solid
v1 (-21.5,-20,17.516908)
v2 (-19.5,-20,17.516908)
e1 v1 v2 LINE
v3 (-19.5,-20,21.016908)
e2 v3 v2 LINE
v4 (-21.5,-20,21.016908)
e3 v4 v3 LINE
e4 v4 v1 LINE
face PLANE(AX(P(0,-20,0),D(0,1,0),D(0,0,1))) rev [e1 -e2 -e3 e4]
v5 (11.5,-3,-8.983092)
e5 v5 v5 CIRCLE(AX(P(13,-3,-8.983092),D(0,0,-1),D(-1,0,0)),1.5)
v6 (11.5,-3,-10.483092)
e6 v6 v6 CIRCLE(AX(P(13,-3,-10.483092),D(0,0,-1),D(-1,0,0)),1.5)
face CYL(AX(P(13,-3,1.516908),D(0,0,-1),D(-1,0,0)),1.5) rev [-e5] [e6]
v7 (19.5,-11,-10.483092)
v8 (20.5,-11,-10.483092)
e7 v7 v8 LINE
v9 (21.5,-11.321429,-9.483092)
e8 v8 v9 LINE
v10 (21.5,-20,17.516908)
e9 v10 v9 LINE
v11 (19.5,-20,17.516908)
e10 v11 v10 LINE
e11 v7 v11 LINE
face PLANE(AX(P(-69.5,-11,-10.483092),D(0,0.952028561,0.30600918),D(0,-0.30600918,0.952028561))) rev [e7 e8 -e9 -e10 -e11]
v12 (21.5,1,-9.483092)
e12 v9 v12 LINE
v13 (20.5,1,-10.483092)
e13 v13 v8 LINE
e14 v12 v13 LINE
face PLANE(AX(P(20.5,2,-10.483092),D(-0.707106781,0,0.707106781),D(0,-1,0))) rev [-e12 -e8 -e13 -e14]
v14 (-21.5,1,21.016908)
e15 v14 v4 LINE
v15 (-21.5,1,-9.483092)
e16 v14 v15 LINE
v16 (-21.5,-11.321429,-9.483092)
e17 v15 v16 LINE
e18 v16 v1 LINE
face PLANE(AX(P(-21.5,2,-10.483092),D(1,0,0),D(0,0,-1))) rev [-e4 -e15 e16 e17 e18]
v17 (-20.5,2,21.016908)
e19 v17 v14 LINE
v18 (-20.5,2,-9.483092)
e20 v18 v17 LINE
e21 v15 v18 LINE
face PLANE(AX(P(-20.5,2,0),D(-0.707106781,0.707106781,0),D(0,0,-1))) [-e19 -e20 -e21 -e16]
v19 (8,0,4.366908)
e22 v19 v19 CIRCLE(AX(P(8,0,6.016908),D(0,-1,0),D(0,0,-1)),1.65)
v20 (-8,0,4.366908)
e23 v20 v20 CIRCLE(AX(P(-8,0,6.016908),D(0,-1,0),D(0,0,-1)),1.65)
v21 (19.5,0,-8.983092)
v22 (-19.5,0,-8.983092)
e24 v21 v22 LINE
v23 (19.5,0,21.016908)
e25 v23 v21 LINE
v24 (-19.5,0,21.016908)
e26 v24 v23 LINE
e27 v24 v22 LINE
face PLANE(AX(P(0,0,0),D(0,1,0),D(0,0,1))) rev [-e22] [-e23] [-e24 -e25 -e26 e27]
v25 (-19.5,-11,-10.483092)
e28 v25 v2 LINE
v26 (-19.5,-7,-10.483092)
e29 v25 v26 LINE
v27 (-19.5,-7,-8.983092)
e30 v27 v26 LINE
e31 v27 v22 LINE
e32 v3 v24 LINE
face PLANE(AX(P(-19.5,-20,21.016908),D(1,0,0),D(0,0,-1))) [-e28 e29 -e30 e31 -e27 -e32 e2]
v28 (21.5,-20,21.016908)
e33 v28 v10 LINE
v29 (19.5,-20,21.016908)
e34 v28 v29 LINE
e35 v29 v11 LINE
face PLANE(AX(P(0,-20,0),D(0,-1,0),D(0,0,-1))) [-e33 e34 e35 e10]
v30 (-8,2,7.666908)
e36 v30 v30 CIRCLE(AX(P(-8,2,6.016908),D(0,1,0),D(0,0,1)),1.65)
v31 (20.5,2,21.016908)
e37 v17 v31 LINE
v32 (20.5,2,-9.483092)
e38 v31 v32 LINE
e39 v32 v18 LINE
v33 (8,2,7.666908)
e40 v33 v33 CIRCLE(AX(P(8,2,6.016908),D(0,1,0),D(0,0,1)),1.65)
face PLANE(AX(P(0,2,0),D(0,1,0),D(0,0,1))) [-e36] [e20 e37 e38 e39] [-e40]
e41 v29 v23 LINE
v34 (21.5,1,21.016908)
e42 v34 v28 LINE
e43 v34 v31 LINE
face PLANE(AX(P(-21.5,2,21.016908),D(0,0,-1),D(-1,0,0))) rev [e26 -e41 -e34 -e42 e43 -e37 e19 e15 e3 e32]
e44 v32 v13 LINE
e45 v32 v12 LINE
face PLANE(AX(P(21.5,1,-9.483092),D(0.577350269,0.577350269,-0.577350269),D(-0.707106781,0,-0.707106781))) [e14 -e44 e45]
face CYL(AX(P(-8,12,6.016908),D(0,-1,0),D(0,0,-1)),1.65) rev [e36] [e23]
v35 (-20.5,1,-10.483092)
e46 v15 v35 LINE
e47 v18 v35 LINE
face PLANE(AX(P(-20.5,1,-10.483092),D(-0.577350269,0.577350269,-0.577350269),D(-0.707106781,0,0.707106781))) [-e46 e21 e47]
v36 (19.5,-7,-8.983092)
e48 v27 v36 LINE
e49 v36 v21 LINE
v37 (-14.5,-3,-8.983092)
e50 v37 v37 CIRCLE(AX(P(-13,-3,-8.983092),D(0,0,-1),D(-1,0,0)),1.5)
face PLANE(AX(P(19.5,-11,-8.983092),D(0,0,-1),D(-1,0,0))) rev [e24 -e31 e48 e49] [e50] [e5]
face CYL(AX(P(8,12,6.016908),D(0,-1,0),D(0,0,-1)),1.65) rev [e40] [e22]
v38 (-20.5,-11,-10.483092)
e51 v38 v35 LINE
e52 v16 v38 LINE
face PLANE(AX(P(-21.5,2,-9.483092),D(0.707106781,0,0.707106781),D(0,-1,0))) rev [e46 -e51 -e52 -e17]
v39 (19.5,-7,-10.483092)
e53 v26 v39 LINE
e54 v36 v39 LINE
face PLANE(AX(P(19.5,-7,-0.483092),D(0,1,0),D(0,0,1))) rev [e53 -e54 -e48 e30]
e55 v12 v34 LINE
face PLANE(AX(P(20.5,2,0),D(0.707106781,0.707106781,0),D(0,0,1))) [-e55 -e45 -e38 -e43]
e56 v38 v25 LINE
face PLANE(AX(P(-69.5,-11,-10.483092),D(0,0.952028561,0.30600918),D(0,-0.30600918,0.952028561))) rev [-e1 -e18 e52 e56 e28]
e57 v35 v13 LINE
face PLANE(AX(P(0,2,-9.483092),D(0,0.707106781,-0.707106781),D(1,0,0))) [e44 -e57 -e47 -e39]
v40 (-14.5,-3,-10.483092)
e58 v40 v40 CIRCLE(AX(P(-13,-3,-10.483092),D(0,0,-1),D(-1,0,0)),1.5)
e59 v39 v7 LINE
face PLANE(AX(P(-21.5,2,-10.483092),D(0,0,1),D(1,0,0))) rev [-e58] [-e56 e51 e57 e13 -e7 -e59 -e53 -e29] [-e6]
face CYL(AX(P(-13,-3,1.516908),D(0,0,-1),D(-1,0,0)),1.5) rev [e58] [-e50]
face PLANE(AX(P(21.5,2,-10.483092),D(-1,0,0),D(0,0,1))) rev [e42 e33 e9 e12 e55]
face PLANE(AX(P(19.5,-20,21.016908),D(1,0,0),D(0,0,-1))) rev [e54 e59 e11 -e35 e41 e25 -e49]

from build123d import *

# Parameters (mm, degrees)
SKETCH_1_W          = 43
SKETCH_1_H          = 31.5
EXTRUDE_1_DEPTH     = 2
SKETCH_4_W          = 2
SKETCH_4_H          = 31.5
EXTRUDE_3_DEPTH     = 20
SKETCH_7_W          = 39
SKETCH_7_H          = 1.5
EXTRUDE_4_DEPTH     = 11
SKETCH_6_R          = 1.65
CUT_EXTRUDE_2_DEPTH = 12
SKETCH_5_R          = 1.5
CUT_EXTRUDE_1_DEPTH = 12
CHAMFER_1_SIZE      = 1
CUT_EXTRUDE_4_DEPTH = 50
SKETCH_13_W         = 39
SKETCH_13_H         = 4
CUT_EXTRUDE_8_DEPTH = 10


with BuildPart() as part:
    # 草图1 → 凸台-拉伸1 (new body)
    with BuildSketch(Plane(origin=(0, 0, 0), x_dir=(1, 0, 0), z_dir=(0, 1, 0))):
        with Locations((0, -5.266908213)):
            Rectangle(SKETCH_1_W, SKETCH_1_H)
    extrude(amount=EXTRUDE_1_DEPTH)

    # 草图4 → 凸台-拉伸3 (add)
    with BuildSketch(Plane.XZ):
        with Locations((-20.5, 5.266908213)):
            Rectangle(SKETCH_4_W, SKETCH_4_H)
        with Locations((20.5, 5.266908213)):
            Rectangle(SKETCH_4_W, SKETCH_4_H)
    extrude(amount=EXTRUDE_3_DEPTH)

    # 草图7 → 凸台-拉伸4 (add)
    with BuildSketch(Plane.XZ):
        with Locations((0, -9.733091787)):
            Rectangle(SKETCH_7_W, SKETCH_7_H)
    extrude(amount=EXTRUDE_4_DEPTH)

    # 草图6 → 切除-拉伸2 (cut)
    with BuildSketch(Plane.XZ):
        with Locations(Location((8, 6.016908213, 0), (0, 0, 270))):
            Circle(SKETCH_6_R)
        with Locations(Location((-8, 6.016908213, 0), (0, 0, 270))):
            Circle(SKETCH_6_R)
    extrude(amount=-CUT_EXTRUDE_2_DEPTH, mode=Mode.SUBTRACT)

    # 草图5 → 切除-拉伸1 (cut)
    with BuildSketch(Plane(origin=(0, 0, -10.483091787), x_dir=(-1, 0, 0), z_dir=(0, 0, -1))):
        with Locations((-13, -3)):
            Circle(SKETCH_5_R)
        with Locations((13, -3)):
            Circle(SKETCH_5_R)
    extrude(amount=-CUT_EXTRUDE_1_DEPTH, mode=Mode.SUBTRACT)

    # 倒角1
    chamfer_1_edges = [part.edges().sort_by_distance(p)[0] for p in [
        (21.5, 2, 5.266908213),
        (0, 2, -10.483091787),
        (-21.5, 2, 5.266908213),
        (-21.5, -9, -10.483091787),
        (21.5, -9, -10.483091787),
    ]]
    chamfer(chamfer_1_edges, length=CHAMFER_1_SIZE)

    # 草图10 → 切除-拉伸4 (cut, symmetric)
    with BuildSketch(Plane(origin=(-19.5, 0, 0), x_dir=(0, 0, -1), z_dir=(1, 0, 0))):
        Polygon((10.483091787, -20), (10.483091787, -11), (-17.516908213, -20), align=None)
    extrude(amount=CUT_EXTRUDE_4_DEPTH, both=True, mode=Mode.SUBTRACT)

    # 草图13 → 切除-拉伸8 (cut)
    with BuildSketch(Plane(origin=(0, 0, -10.483091787), x_dir=(-1, 0, 0), z_dir=(0, 0, -1))):
        with Locations((0, -9)):
            Rectangle(SKETCH_13_W, SKETCH_13_H)
    extrude(amount=-CUT_EXTRUDE_8_DEPTH, mode=Mode.SUBTRACT)


solid = part.part
